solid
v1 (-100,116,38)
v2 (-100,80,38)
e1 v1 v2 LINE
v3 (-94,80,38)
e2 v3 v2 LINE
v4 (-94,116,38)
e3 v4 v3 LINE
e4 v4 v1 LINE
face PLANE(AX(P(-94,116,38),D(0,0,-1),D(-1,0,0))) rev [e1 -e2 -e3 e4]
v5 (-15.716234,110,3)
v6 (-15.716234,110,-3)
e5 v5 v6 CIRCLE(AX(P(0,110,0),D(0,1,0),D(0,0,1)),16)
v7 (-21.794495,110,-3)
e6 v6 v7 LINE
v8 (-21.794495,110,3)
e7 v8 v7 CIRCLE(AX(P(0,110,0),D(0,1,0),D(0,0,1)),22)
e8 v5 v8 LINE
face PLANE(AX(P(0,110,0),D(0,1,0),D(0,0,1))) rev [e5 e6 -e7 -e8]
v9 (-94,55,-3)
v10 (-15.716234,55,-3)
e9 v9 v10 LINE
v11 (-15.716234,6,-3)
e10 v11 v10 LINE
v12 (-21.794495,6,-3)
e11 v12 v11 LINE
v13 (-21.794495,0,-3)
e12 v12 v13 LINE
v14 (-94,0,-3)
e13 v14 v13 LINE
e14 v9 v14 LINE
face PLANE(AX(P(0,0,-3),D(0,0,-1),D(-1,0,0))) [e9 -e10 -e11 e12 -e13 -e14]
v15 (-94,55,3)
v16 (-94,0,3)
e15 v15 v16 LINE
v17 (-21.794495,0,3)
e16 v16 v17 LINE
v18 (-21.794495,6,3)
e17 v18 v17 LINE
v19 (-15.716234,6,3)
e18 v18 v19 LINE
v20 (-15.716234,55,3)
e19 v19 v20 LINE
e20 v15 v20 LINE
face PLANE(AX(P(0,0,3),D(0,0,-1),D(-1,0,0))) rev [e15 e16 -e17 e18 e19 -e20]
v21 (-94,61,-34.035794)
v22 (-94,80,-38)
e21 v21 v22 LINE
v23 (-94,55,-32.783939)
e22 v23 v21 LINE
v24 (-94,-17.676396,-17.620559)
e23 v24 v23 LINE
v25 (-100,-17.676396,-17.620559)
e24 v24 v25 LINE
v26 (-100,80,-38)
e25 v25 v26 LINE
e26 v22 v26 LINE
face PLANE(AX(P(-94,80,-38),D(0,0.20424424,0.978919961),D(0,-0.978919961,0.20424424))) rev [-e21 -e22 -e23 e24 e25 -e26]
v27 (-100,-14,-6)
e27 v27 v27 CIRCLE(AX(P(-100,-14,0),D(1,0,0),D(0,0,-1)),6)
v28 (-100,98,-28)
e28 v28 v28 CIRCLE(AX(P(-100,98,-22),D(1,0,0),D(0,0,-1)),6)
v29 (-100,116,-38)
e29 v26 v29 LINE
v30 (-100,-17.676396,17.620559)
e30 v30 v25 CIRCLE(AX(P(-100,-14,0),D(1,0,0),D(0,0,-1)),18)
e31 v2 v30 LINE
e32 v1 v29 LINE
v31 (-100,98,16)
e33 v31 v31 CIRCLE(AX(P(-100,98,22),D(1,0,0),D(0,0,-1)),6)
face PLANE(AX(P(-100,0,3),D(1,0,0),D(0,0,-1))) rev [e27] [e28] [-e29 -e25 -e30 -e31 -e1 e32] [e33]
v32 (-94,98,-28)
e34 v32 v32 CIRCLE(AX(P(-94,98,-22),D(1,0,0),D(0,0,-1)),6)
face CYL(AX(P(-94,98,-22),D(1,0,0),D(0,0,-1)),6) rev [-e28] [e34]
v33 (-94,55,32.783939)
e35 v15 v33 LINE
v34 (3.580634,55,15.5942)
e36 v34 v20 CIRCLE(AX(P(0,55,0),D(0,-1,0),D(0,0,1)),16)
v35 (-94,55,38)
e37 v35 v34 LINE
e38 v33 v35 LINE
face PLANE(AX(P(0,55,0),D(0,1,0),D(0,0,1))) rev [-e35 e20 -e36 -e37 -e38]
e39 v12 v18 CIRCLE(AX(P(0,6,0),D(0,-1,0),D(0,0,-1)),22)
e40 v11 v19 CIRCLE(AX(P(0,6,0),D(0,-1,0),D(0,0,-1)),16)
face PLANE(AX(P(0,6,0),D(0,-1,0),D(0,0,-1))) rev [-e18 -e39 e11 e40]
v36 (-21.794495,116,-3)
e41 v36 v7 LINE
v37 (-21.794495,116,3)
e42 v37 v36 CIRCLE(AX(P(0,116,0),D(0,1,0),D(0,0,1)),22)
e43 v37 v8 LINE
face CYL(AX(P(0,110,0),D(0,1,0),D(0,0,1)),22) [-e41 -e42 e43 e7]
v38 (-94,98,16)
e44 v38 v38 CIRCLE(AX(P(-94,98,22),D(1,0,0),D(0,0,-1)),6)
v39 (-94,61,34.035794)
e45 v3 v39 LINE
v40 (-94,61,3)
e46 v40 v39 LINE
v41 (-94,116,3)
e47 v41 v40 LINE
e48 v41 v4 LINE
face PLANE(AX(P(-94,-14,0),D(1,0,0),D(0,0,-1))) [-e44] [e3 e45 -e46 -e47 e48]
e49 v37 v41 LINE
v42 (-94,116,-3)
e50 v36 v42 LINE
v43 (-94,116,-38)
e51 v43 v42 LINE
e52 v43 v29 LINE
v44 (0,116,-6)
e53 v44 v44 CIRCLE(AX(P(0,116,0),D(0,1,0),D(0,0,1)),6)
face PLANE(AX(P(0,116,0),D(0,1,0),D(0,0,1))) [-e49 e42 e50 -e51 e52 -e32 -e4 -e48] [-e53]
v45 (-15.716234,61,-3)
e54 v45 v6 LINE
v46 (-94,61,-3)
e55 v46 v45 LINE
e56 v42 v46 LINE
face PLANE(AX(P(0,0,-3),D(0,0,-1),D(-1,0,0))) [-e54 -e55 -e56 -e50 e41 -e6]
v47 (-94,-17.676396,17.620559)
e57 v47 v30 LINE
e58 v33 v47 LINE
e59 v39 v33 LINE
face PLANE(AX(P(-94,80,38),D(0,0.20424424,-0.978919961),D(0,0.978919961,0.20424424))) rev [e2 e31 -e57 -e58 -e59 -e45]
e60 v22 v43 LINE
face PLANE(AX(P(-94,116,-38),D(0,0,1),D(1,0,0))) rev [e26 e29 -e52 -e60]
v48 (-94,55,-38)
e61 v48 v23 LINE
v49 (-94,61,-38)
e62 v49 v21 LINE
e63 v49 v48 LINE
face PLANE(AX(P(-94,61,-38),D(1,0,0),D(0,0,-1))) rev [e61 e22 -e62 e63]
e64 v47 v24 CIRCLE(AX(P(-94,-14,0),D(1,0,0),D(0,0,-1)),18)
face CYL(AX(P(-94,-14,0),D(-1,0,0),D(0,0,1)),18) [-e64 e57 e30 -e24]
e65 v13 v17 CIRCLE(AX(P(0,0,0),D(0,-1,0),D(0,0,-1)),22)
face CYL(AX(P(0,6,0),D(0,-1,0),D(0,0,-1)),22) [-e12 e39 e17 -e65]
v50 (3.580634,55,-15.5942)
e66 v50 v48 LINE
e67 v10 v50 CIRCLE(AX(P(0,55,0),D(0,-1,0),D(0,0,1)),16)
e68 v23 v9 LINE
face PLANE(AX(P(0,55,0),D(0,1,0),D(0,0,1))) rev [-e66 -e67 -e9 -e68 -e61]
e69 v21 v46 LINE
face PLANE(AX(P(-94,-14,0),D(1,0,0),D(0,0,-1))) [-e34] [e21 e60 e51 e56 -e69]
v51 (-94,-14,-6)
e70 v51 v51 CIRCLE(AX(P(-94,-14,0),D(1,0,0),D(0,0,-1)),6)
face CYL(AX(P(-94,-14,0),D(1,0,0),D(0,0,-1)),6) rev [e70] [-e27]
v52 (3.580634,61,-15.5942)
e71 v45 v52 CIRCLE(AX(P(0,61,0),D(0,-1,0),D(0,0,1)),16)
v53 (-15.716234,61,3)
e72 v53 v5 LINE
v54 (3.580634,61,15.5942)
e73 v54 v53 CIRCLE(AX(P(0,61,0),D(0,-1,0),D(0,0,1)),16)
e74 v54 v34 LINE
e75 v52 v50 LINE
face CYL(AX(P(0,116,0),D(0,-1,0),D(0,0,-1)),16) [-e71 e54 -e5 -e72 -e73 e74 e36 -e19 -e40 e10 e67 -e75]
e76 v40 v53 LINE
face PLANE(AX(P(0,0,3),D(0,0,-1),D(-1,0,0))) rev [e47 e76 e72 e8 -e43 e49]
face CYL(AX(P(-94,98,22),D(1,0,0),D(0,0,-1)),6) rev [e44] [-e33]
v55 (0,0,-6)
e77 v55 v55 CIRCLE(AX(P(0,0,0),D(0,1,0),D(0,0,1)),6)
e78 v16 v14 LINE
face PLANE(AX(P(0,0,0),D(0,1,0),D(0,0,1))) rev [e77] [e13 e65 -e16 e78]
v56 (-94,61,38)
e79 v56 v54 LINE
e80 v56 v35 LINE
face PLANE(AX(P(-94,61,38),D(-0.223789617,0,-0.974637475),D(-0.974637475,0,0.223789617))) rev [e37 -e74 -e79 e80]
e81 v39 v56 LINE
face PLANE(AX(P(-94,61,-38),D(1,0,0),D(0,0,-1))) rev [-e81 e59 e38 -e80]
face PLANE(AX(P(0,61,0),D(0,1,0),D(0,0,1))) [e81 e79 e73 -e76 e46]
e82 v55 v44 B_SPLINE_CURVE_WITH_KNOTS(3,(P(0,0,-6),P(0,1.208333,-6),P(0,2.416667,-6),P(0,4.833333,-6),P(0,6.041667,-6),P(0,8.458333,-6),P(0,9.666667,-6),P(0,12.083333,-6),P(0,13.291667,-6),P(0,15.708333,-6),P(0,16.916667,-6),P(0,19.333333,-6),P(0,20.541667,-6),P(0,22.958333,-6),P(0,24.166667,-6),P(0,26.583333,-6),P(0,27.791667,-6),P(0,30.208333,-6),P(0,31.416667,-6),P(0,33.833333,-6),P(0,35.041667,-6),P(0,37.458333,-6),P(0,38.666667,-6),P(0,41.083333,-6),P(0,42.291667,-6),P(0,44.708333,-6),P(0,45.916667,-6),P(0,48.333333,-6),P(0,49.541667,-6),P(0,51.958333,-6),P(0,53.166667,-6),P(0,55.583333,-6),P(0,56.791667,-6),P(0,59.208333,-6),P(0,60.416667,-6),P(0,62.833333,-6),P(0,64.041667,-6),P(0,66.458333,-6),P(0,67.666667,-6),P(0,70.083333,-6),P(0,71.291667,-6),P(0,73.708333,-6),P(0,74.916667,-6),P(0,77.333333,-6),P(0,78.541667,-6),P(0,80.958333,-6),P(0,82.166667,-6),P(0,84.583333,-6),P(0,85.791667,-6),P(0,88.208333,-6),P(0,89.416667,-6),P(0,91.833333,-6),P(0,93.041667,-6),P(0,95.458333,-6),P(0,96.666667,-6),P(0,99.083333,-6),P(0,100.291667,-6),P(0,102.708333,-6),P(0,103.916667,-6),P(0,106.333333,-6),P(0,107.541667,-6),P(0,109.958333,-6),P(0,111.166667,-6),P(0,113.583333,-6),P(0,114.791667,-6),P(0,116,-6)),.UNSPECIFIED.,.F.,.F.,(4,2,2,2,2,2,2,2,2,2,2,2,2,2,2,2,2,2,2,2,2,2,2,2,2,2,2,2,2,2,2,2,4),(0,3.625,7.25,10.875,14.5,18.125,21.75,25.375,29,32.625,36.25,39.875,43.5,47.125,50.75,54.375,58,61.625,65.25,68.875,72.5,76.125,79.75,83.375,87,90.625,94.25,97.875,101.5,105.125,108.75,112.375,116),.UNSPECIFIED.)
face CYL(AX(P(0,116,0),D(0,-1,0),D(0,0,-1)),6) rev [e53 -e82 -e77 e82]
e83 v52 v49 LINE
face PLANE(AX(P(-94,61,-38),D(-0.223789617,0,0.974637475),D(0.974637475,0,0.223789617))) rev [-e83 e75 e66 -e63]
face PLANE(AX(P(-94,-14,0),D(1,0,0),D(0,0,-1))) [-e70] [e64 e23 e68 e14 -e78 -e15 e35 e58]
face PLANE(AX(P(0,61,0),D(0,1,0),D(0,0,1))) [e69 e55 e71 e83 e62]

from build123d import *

# Parameters (mm, degrees)
SKETCH1_R           = 16
SKETCH1_R_2         = 6
BOSS_EXTRUDE1_DEPTH = 116
BOSS_EXTRUDE2_START = -6
SKETCH2_R           = 22
SKETCH2_R_2         = 6
BOSS_EXTRUDE2_DEPTH = 6
SKETCH3_R           = 22
SKETCH3_R_2         = 6
BOSS_EXTRUDE3_DEPTH = 6
BOSS_EXTRUDE4_DEPTH = 6
BOSS_EXTRUDE7_DEPTH = 3
BOSS_EXTRUDE8_DEPTH = 3
HOLE1_D             = 12
HOLE2_D             = 12


with BuildPart() as part:
    # Sketch1 → Boss-Extrude1 (new body)
    with BuildSketch(Plane(origin=(0, 0, 0), x_dir=(1, 0, 0), z_dir=(0, 1, 0))):
        with Locations(Location((0, 0, 0), (0, 0, 90))):
            Circle(SKETCH1_R)
        with Locations(Location((0, 0, 0), (0, 0, 90))):
            Circle(SKETCH1_R_2, mode=Mode.SUBTRACT)
    extrude(amount=BOSS_EXTRUDE1_DEPTH)

    # Sketch2 → Boss-Extrude2 (add)
    with BuildSketch(Plane(origin=(0, 116, 0), x_dir=(1, 0, 0), z_dir=(0, 1, 0)).offset(BOSS_EXTRUDE2_START)):
        with Locations(Location((0, 0, 0), (0, 0, 270))):
            Circle(SKETCH2_R)
        with Locations(Location((0, 0, 0), (0, 0, 90))):
            Circle(SKETCH2_R_2, mode=Mode.SUBTRACT)
    extrude(amount=BOSS_EXTRUDE2_DEPTH)

    # Sketch3 → Boss-Extrude3 (add)
    with BuildSketch(Plane.XZ):
        with Locations(Location((0, 0, 0), (0, 0, 90))):
            Circle(SKETCH3_R)
        with Locations(Location((0, 0, 0), (0, 0, 270))):
            Circle(SKETCH3_R_2, mode=Mode.SUBTRACT)
    extrude(amount=-BOSS_EXTRUDE3_DEPTH)



with BuildPart() as body_2:
    # Sketch4 → Boss-Extrude4 (new body)
    with BuildSketch(Plane(origin=(-100, 0, 0), x_dir=(0, 0, -1), z_dir=(1, 0, 0))):
        with BuildLine():
            Line((-38, 116), (38, 116))
            Line((38, 116), (38, 80))
            Line((38, 80), (17.620559303, -17.676396314))
            ThreePointArc((17.620559303, -17.676396314), (0, -32), (-17.620559303, -17.676396314))
            Line((-17.620559303, -17.676396314), (-38, 80))
            Line((-38, 80), (-38, 116))
        make_face()
    extrude(amount=BOSS_EXTRUDE4_DEPTH)


with BuildPart() as part_1:
    add(part.part)

    add(body_2.part)  # Boss-Extrude7 merges body 2
    # Sketch5 → Boss-Extrude7 (add, symmetric)
    with BuildSketch(Plane.XY):
        Polygon((-100, 116), (-21, 116), (-21, 110), (-15, 110), (-15, 6), (-21, 6), (-21, 0), (-100, 0), align=None)
    extrude(amount=BOSS_EXTRUDE7_DEPTH, both=True)

    # Sketch6 → Boss-Extrude8 (add, symmetric)
    with BuildSketch(Plane(origin=(0, 58, 0), x_dir=(1, 0, 0), z_dir=(0, 1, 0))):
        with BuildLine():
            Line((-94, 38), (-94, -38))
            Line((-94, -38), (3.580633879, -15.594199596))
            ThreePointArc((3.580633879, -15.594199596), (-16, 0), (3.580633879, 15.594199596))
            Line((3.580633879, 15.594199596), (-94, 38))
        make_face()
    extrude(amount=BOSS_EXTRUDE8_DEPTH, both=True)

    # Hole1 (through all)
    with Locations(Plane(origin=(-94, 0, 0), x_dir=(0, 0, -1), z_dir=(1, 0, 0))):
        with Locations((0, -14), (-22, 98)):
            Hole(HOLE1_D / 2)

    # Hole2 (through all)
    with Locations(Plane(origin=(-94, 0, 0), x_dir=(0, 0, -1), z_dir=(1, 0, 0))):
        with Locations((22, 98)):
            Hole(HOLE2_D / 2)


solid = part_1.part
